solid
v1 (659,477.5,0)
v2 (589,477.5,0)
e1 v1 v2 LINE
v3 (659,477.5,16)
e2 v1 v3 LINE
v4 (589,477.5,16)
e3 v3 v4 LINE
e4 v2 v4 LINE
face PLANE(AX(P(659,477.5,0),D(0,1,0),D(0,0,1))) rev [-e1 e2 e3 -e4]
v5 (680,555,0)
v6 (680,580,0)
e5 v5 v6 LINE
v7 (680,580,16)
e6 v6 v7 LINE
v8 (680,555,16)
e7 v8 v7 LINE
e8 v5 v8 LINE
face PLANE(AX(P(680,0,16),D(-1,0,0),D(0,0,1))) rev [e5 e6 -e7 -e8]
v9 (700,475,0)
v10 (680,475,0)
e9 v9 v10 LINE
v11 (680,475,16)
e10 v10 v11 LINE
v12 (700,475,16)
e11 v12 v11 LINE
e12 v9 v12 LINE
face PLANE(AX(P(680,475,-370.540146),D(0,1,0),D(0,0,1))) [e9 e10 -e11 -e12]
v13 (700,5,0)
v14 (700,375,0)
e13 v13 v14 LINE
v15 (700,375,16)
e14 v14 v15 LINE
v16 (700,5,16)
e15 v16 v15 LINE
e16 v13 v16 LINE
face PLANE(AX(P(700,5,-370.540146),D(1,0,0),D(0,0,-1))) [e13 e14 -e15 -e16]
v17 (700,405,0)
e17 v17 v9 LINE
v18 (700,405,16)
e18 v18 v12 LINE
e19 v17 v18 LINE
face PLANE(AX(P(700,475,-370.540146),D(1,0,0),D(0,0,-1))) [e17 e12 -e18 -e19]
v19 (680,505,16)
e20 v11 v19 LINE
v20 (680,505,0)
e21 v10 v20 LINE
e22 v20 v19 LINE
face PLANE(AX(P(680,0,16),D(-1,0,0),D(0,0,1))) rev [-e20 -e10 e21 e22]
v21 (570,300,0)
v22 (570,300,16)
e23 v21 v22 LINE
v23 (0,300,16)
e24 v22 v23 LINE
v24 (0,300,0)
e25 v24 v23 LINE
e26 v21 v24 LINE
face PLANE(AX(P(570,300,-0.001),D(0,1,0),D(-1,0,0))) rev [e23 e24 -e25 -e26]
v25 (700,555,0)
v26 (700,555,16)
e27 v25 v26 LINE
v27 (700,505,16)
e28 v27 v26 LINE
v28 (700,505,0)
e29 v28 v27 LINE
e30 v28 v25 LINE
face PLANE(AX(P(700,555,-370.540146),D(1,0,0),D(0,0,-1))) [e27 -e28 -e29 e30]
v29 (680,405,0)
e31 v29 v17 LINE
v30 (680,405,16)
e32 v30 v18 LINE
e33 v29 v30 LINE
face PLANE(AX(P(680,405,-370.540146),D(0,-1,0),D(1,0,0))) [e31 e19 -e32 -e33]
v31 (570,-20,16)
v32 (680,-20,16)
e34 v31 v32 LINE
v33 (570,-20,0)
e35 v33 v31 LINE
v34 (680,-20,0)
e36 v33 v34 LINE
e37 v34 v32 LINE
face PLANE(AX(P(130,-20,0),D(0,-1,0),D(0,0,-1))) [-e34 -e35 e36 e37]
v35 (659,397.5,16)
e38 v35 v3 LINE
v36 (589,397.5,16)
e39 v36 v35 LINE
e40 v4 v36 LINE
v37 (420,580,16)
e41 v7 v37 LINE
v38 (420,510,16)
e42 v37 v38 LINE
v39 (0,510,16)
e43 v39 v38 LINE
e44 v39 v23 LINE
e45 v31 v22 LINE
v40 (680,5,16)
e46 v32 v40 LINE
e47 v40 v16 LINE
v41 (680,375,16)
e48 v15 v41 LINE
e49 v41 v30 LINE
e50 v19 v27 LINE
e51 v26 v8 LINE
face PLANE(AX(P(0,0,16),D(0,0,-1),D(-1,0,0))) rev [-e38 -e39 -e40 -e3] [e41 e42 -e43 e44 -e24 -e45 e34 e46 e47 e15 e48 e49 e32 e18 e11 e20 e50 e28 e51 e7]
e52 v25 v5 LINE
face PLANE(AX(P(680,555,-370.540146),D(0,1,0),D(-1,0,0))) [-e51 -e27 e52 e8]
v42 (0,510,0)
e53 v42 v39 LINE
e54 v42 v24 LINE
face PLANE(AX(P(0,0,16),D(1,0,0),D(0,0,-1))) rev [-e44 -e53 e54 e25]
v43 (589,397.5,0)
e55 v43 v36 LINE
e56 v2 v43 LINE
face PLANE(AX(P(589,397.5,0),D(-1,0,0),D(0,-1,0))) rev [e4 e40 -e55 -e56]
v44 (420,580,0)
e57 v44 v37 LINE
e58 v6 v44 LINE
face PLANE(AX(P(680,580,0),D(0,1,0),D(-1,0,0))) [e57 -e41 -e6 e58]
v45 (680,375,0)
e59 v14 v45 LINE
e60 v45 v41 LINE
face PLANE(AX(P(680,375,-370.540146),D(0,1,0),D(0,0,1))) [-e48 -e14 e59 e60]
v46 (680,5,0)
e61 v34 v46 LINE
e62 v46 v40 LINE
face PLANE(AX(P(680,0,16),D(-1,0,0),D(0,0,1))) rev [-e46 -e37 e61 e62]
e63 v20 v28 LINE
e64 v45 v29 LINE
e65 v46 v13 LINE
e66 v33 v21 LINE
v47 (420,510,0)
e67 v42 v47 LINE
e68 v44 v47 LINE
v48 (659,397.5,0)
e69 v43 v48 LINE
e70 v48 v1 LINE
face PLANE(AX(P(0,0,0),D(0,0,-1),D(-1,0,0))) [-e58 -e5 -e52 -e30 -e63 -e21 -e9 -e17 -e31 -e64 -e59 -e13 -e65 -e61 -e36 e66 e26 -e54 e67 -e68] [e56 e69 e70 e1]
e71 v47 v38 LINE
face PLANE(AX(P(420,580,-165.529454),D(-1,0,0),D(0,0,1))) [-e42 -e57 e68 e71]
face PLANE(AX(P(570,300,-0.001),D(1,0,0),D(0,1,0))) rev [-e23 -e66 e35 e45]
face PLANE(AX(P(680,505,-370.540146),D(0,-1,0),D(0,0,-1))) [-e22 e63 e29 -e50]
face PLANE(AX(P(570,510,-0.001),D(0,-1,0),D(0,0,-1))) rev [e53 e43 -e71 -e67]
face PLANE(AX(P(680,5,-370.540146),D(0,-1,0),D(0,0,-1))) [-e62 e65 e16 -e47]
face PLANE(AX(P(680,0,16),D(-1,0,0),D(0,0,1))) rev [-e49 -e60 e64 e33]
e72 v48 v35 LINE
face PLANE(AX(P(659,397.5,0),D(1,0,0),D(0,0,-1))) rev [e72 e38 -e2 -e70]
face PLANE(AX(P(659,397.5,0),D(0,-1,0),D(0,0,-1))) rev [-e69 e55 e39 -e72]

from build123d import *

# Parameters (mm, degrees)
SKETCH1_W           = 680
SKETCH1_H           = 560
BOSS_EXTRUDE1_DEPTH = 16
SKETCH2_W           = 550
SKETCH2_H           = 20
BOSS_EXTRUDE2_DEPTH = 16
SKETCH3_W           = 70
SKETCH3_H           = 80
CUT_EXTRUDE1_DEPTH  = 17
CUT_EXTRUDE2_REACH  = 18
SKETCH4_W           = 570
SKETCH4_H           = 320
SKETCH4_H_2         = 70
SKETCH5_W           = 20
SKETCH5_H           = 50
SKETCH5_H_2         = 70
SKETCH5_H_3         = 370
BOSS_EXTRUDE3_DEPTH = 16
SKETCH6_W           = 150
SKETCH6_H           = 70
BOSS_EXTRUDE4_DEPTH = 16


with BuildPart() as part:
    # Sketch1 → Boss-Extrude1 (new body)
    with BuildSketch(Plane.XY):
        with Locations((340, 280)):
            Rectangle(SKETCH1_W, SKETCH1_H)
    extrude(amount=BOSS_EXTRUDE1_DEPTH)

    # Sketch2 → Boss-Extrude2 (add)
    with BuildSketch(Plane.XY.offset(16)):
        with Locations((405, -10)):
            Rectangle(SKETCH2_W, SKETCH2_H)
        with Locations((405, 570)):
            Rectangle(SKETCH2_W, SKETCH2_H)
    extrude(amount=-BOSS_EXTRUDE2_DEPTH)

    # Sketch3 → Cut-Extrude1 (cut, through all)
    with BuildSketch(Plane.XY.offset(16)):
        with Locations((624, 437.5)):
            Rectangle(SKETCH3_W, SKETCH3_H)
    extrude(amount=-CUT_EXTRUDE1_DEPTH, mode=Mode.SUBTRACT)

    # Sketch4 → Cut-Extrude2 (cut, up to next)
    with BuildSketch(Plane.XY.offset(16), mode=Mode.PRIVATE) as cut_extrude2_sk1:
        with Locations((285, 140)):
            Rectangle(SKETCH4_W, SKETCH4_H)
    cut_extrude2_tool1 = extrude(cut_extrude2_sk1.sketch, amount=-CUT_EXTRUDE2_REACH, mode=Mode.PRIVATE) & part.part
    add(cut_extrude2_tool1.solids().sort_by_distance((285, 140, 16))[0], mode=Mode.SUBTRACT)
    # Sketch4 → Cut-Extrude2 (cut, up to next)
    with BuildSketch(Plane.XY.offset(16), mode=Mode.PRIVATE) as cut_extrude2_sk2:
        with Locations((285, 545)):
            Rectangle(SKETCH4_W, SKETCH4_H_2)
    cut_extrude2_tool2 = extrude(cut_extrude2_sk2.sketch, amount=-CUT_EXTRUDE2_REACH, mode=Mode.PRIVATE) & part.part
    add(cut_extrude2_tool2.solids().sort_by_distance((285, 545, 16))[0], mode=Mode.SUBTRACT)

    # Sketch5 → Boss-Extrude3 (add)
    with BuildSketch(Plane.XY.offset(16)):
        with Locations((690, 530)):
            Rectangle(SKETCH5_W, SKETCH5_H)
        with Locations((690, 440)):
            Rectangle(SKETCH5_W, SKETCH5_H_2)
        with Locations((690, 190)):
            Rectangle(SKETCH5_W, SKETCH5_H_3)
    extrude(amount=-BOSS_EXTRUDE3_DEPTH)

    # Sketch6 → Boss-Extrude4 (add)
    with BuildSketch(Plane.XY.offset(16)):
        with Locations((495, 545)):
            Rectangle(SKETCH6_W, SKETCH6_H)
    extrude(amount=-BOSS_EXTRUDE4_DEPTH)


solid = part.part
